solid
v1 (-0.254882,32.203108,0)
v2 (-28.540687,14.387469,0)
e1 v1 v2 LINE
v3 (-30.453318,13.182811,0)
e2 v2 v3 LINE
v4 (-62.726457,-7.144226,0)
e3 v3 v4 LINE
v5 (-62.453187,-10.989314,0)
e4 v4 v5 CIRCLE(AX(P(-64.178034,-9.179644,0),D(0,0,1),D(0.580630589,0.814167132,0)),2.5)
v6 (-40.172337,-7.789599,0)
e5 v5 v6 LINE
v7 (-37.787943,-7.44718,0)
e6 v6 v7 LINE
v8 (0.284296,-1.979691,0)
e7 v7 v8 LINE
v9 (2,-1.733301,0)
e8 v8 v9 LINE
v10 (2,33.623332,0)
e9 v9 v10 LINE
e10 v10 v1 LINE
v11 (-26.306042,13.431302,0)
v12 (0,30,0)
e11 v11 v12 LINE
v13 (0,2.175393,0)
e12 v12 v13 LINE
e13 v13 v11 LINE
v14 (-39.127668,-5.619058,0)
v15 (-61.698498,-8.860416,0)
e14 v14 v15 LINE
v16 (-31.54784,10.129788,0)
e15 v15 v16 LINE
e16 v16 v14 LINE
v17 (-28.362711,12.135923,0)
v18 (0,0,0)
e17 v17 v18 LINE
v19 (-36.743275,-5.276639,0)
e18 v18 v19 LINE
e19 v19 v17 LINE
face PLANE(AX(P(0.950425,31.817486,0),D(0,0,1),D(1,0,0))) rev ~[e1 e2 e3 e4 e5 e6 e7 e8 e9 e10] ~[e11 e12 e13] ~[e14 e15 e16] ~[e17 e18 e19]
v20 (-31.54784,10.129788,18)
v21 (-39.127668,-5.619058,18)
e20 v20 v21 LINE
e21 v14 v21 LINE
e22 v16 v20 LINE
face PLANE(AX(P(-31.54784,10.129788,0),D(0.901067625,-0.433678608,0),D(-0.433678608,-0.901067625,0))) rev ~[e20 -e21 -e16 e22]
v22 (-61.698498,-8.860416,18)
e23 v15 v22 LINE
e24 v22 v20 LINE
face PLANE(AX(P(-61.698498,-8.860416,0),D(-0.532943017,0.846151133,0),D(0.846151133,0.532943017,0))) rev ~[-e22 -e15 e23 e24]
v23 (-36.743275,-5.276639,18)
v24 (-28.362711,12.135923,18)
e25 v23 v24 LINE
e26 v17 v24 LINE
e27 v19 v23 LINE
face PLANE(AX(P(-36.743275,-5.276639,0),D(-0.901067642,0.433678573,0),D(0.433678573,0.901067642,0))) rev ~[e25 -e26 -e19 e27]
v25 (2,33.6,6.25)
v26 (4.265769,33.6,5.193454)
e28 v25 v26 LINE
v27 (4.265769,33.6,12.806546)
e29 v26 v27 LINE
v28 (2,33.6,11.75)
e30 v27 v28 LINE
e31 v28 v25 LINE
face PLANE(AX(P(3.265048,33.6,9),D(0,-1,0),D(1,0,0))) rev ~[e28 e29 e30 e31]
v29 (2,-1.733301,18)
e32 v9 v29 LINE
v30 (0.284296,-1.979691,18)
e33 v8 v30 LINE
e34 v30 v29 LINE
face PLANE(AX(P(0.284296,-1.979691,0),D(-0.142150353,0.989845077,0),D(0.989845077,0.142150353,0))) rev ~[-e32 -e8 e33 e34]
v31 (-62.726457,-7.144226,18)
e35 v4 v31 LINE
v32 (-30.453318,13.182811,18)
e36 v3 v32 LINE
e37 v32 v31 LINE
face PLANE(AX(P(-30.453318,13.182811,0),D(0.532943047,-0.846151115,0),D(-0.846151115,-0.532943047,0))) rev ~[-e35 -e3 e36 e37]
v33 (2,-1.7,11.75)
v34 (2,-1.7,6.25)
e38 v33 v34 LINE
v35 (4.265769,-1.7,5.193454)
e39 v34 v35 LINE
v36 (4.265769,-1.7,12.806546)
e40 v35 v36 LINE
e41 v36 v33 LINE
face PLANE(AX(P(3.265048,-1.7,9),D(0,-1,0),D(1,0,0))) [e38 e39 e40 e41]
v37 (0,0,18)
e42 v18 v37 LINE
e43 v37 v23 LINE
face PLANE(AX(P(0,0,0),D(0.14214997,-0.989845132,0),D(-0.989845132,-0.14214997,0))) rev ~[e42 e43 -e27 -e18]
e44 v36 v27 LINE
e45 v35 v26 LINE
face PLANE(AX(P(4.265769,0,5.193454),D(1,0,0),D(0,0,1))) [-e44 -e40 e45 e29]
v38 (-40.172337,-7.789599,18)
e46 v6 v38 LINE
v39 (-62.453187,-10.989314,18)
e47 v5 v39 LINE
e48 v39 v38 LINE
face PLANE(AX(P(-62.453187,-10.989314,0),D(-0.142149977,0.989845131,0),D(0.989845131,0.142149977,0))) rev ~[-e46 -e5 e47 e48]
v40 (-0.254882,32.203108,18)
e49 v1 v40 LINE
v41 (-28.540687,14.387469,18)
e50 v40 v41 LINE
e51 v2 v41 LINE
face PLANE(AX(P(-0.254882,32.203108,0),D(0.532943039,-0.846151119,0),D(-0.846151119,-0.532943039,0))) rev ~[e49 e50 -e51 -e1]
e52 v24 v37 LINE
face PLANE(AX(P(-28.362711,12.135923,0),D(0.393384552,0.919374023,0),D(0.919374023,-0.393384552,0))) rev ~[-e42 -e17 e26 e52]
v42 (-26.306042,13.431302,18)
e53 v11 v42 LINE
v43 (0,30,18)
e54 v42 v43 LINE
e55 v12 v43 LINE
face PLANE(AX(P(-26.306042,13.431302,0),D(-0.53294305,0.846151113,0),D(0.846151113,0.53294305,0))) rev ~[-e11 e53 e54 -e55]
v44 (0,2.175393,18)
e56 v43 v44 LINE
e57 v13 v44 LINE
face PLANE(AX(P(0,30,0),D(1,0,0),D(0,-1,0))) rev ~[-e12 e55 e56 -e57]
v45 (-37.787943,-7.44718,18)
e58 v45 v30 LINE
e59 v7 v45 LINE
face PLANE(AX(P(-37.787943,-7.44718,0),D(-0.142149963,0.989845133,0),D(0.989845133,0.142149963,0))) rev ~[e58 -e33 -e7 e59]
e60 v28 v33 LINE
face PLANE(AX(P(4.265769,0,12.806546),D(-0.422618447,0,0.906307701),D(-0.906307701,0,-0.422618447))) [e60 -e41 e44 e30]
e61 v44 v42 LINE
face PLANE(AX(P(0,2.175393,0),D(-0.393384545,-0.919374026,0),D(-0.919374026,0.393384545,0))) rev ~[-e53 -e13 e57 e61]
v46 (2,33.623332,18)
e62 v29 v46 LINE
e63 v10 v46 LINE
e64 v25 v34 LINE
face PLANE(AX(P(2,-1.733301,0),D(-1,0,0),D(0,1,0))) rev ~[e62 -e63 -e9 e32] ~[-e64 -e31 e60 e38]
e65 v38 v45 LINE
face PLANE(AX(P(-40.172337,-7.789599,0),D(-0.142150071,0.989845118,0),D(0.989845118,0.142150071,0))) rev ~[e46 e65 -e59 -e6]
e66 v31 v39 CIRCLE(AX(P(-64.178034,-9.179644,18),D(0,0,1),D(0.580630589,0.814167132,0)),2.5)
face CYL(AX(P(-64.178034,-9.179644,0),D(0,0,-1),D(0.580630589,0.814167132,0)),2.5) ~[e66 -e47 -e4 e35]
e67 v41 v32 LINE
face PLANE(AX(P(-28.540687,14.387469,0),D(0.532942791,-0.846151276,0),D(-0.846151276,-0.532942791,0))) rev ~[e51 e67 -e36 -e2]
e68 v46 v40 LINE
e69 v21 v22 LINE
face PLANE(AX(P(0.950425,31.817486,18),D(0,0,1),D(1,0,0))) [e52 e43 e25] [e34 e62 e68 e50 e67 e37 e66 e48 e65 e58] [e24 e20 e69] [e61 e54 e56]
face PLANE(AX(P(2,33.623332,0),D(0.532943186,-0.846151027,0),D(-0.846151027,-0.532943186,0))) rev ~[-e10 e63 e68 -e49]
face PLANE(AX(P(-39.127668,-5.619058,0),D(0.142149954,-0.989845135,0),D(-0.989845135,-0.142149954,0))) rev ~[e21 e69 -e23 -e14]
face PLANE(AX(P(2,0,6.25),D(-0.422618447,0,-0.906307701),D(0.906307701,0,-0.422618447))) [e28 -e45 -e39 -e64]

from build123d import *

# Parameters (mm, degrees)
F1_DEPTH      = 18
F3_DEPTH      = 1.7
F3_DEPTH_BACK = 33.6


with BuildPart() as f1:
    # F0 (on Top) → F1 (new body)
    with BuildSketch(Plane.XY):
        Polygon((-0.254882, 32.203108), (0, 30), (2, 31.259688), (2, 33.623332), align=None)
        Polygon((-26.306042, 13.431302), (0, 30), (-0.254882, 32.203108), (-28.540687, 14.387469), (-27.575941, 13.974671), align=None)
        Polygon((0, 30), (0, 2.175393), (1.445557, 1.556864), (2, 1.319627), (2, 31.259688), align=None)
        Polygon((0, 2.175393), (0, 0), (0.284296, -1.979691), (2, -1.733301), (2, 1.319627), (1.445557, 1.556864), align=None)
        Polygon((0.284296, -1.979691), (0, 0), (-36.743275, -5.276639), (-37.787943, -7.44718), align=None)
        Polygon((-28.362711, 12.135923), (0, 0), (0, 2.175393), (-26.306042, 13.431302), align=None)
        Polygon((-31.54784, 10.129788), (-28.362711, 12.135923), (-26.306042, 13.431302), (-27.575941, 13.974671), (-28.540687, 14.387469), (-30.453318, 13.182811), (-31.415666, 10.404412), align=None)
        Polygon((-39.127668, -5.619058), (-36.743275, -5.276639), (-28.362711, 12.135923), (-31.54784, 10.129788), align=None)
        with BuildLine():
            Line((-61.698498, -8.860416), (-31.54784, 10.129788))
            Line((-31.54784, 10.129788), (-31.415666, 10.404412))
            Line((-31.415666, 10.404412), (-30.453318, 13.182811))
            Line((-30.453318, 13.182811), (-62.726457, -7.144226))
            ThreePointArc((-62.726457, -7.144226), (-62.033334, -7.895018), (-61.698498, -8.860416))
        make_face()
        with BuildLine():
            Line((-40.172337, -7.789599), (-39.127668, -5.619058))
            Line((-39.127668, -5.619058), (-61.698498, -8.860416))
            ThreePointArc((-61.698498, -8.860416), (-61.683155, -9.019703), (-61.678033, -9.179644))
            ThreePointArc((-61.678033, -9.179644), (-61.879978, -10.163993), (-62.453187, -10.989314))
            Line((-62.453187, -10.989314), (-40.172337, -7.789599))
        make_face()
        Polygon((-37.787943, -7.44718), (-36.743275, -5.276639), (-39.127668, -5.619058), (-40.172337, -7.789599), align=None)
        with BuildLine():
            ThreePointArc((-61.678033, -9.179644), (-61.683155, -9.019703), (-61.698498, -8.860416))
            ThreePointArc((-61.698498, -8.860416), (-62.033334, -7.895018), (-62.726457, -7.144226))
            ThreePointArc((-62.726457, -7.144226), (-66.671744, -9.356872), (-62.453187, -10.989314))
            ThreePointArc((-62.453187, -10.989314), (-61.879978, -10.163993), (-61.678033, -9.179644))
        make_face()
    extrude(amount=F1_DEPTH)

    # F2 (on Front) → F3 (join, two sides)
    with BuildSketch(Plane.XZ) as f3_sk:
        Polygon((4.265769, 12.806546), (2, 11.75), (2, 6.25), (4.265769, 5.193454), align=None)
    extrude(amount=F3_DEPTH)
    extrude(f3_sk.sketch, amount=-F3_DEPTH_BACK)


solid = f1.part
